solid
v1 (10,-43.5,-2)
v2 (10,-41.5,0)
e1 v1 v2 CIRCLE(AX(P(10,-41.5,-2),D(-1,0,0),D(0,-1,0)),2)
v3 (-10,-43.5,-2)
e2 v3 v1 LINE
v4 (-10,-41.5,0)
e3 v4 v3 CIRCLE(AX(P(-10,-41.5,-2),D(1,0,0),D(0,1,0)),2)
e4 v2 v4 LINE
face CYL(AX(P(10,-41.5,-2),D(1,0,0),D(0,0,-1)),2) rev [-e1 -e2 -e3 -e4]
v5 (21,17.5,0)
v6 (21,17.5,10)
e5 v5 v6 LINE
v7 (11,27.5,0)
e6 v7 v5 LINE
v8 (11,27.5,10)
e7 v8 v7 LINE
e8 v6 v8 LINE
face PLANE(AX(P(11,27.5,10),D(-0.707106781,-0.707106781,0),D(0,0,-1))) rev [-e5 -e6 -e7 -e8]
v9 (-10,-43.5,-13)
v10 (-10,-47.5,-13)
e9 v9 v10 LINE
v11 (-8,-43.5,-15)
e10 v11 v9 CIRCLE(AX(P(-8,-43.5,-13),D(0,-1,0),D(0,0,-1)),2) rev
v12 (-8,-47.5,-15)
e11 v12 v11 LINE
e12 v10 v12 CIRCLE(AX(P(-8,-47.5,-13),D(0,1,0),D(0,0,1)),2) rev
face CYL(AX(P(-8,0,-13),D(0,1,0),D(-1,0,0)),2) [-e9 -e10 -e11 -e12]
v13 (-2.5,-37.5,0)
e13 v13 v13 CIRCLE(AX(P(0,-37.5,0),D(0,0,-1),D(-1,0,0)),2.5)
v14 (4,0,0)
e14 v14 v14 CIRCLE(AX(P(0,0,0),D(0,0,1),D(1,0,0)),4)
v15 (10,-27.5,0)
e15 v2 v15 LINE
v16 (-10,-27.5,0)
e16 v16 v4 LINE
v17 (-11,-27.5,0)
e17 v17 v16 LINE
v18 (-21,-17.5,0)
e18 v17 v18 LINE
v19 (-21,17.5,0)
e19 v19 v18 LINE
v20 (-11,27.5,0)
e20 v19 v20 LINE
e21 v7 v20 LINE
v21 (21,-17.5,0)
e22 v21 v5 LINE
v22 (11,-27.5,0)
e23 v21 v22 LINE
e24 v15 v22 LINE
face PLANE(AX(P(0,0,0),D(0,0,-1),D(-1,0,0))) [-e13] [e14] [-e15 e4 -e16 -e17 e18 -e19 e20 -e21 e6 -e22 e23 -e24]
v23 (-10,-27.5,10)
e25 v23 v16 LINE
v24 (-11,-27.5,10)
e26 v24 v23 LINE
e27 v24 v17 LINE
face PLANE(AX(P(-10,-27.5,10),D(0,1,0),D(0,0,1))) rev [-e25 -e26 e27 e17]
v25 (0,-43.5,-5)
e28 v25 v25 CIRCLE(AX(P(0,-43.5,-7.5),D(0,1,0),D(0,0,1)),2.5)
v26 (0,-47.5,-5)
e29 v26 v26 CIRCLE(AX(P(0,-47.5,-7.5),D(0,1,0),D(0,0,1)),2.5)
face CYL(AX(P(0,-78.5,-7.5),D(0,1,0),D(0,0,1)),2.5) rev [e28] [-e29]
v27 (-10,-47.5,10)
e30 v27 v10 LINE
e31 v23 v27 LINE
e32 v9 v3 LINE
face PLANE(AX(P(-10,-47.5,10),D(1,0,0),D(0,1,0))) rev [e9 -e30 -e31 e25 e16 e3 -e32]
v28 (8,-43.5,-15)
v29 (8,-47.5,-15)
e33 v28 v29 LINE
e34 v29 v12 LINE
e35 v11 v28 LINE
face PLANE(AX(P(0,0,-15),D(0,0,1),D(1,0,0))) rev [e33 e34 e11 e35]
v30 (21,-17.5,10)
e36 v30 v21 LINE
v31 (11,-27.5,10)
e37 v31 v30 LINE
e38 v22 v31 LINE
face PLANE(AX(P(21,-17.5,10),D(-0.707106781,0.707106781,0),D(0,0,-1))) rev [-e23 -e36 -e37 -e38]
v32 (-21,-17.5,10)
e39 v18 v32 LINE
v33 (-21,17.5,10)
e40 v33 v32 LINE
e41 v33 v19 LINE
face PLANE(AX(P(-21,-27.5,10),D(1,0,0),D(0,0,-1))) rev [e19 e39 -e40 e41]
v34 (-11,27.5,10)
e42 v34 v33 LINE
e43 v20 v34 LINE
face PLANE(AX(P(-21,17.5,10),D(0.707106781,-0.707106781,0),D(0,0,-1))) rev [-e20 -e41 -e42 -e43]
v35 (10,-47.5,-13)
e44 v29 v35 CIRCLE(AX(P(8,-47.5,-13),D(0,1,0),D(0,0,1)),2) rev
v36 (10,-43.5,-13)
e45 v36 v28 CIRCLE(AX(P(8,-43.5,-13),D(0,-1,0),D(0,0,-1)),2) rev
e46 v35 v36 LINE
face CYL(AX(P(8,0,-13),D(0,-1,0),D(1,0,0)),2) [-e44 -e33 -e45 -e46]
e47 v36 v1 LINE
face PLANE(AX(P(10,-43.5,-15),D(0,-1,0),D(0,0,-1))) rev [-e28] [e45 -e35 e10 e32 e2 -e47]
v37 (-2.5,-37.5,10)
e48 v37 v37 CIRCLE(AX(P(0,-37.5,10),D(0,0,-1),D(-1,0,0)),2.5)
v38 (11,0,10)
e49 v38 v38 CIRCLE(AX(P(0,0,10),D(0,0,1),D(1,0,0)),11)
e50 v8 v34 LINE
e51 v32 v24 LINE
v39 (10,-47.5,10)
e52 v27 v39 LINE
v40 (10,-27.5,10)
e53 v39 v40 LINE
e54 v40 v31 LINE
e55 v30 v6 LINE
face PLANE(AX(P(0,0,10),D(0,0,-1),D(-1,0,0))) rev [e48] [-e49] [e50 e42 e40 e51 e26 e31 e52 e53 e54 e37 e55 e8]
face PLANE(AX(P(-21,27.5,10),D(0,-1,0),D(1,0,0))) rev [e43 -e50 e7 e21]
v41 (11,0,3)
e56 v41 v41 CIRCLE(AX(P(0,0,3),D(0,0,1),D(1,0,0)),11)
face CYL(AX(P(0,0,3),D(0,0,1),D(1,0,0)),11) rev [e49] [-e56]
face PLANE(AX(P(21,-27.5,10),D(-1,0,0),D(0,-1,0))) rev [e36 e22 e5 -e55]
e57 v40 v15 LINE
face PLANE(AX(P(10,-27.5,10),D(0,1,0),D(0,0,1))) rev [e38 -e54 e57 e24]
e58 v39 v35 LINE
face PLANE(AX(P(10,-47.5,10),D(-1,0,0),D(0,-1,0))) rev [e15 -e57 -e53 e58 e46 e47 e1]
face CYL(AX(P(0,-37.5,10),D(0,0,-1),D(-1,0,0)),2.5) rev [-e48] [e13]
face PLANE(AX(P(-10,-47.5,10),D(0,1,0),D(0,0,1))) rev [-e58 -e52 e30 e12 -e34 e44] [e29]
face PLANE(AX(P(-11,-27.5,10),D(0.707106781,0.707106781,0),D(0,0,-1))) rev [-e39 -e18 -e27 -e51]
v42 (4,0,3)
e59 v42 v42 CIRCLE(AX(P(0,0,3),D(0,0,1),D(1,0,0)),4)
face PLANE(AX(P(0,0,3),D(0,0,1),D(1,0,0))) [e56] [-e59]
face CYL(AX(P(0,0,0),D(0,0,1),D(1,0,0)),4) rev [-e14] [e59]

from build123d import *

# Parameters (mm, degrees)
ESTRUSIONE_ESTRUSIONE1_DEPTH = 10
SCHIZZO6_R                   = 11
TAGLIO_ESTRUSIONE4_DEPTH     = 7
SCHIZZO7_R                   = 4
TAGLIO_ESTRUSIONE5_DEPTH     = 4
SMUSSO2_SIZE                 = 10
SCHIZZO8_W                   = 20
SCHIZZO8_H                   = 4
ESTRUSIONE_ESTRUSIONE3_DEPTH = 15
SCHIZZO9_R                   = 2.5
TAGLIO_ESTRUSIONE6_DEPTH     = 35
RACCORDO1_R                  = 2
SCHIZZO10_R                  = 2.5
TAGLIO_ESTRUSIONE7_DEPTH     = 10


with BuildPart() as part:
    # Schizzo1 → Estrusione-Estrusione1 (new body)
    with BuildSketch(Plane.XY):
        Polygon((-10, -47.5), (10, -47.5), (10, -27.5), (21, -27.5), (21, 27.5), (-21, 27.5), (-21, -27.5), (-10, -27.5), align=None)
    extrude(amount=ESTRUSIONE_ESTRUSIONE1_DEPTH)

    # Schizzo6 → Taglio-Estrusione4 (cut)
    with BuildSketch(Plane.XY.offset(10)):
        Circle(SCHIZZO6_R)
    extrude(amount=-TAGLIO_ESTRUSIONE4_DEPTH, mode=Mode.SUBTRACT)

    # Schizzo7 → Taglio-Estrusione5 (cut, through all)
    with BuildSketch(Plane.XY.offset(3)):
        Circle(SCHIZZO7_R)
    extrude(amount=-TAGLIO_ESTRUSIONE5_DEPTH, mode=Mode.SUBTRACT)

    # Smusso2
    smusso2_edges = [part.edges().sort_by_distance(p)[0] for p in [
        (21, -27.5, 5),
        (-21, -27.5, 5),
        (-21, 27.5, 5),
        (21, 27.5, 5),
    ]]
    chamfer(smusso2_edges, length=SMUSSO2_SIZE)

    # Schizzo8 → Estrusione-Estrusione3 (add)
    with BuildSketch(Plane(origin=(0, 0, 0), x_dir=(-1, 0, 0), z_dir=(0, 0, -1))):
        with Locations((0, -45.5)):
            Rectangle(SCHIZZO8_W, SCHIZZO8_H)
    extrude(amount=ESTRUSIONE_ESTRUSIONE3_DEPTH)

    # Schizzo9 → Taglio-Estrusione6 (cut)
    with BuildSketch(Plane(origin=(0, -43.5, 0), x_dir=(1, 0, 0), z_dir=(0, 1, 0))):
        with Locations((0, 7.5)):
            Circle(SCHIZZO9_R)
    extrude(amount=-TAGLIO_ESTRUSIONE6_DEPTH, mode=Mode.SUBTRACT)

    # Raccordo1
    raccordo1_edges = [part.edges().sort_by_distance(p)[0] for p in [
        (0, -43.5, 0),
        (10, -45.5, -15),
        (-10, -45.5, -15),
    ]]
    fillet(raccordo1_edges, radius=RACCORDO1_R)

    # Schizzo10 → Taglio-Estrusione7 (cut)
    with BuildSketch(Plane(origin=(0, 0, 0), x_dir=(-1, 0, 0), z_dir=(0, 0, -1))):
        with Locations((0, -37.5)):
            Circle(SCHIZZO10_R)
    extrude(amount=-TAGLIO_ESTRUSIONE7_DEPTH, mode=Mode.SUBTRACT)


solid = part.part
